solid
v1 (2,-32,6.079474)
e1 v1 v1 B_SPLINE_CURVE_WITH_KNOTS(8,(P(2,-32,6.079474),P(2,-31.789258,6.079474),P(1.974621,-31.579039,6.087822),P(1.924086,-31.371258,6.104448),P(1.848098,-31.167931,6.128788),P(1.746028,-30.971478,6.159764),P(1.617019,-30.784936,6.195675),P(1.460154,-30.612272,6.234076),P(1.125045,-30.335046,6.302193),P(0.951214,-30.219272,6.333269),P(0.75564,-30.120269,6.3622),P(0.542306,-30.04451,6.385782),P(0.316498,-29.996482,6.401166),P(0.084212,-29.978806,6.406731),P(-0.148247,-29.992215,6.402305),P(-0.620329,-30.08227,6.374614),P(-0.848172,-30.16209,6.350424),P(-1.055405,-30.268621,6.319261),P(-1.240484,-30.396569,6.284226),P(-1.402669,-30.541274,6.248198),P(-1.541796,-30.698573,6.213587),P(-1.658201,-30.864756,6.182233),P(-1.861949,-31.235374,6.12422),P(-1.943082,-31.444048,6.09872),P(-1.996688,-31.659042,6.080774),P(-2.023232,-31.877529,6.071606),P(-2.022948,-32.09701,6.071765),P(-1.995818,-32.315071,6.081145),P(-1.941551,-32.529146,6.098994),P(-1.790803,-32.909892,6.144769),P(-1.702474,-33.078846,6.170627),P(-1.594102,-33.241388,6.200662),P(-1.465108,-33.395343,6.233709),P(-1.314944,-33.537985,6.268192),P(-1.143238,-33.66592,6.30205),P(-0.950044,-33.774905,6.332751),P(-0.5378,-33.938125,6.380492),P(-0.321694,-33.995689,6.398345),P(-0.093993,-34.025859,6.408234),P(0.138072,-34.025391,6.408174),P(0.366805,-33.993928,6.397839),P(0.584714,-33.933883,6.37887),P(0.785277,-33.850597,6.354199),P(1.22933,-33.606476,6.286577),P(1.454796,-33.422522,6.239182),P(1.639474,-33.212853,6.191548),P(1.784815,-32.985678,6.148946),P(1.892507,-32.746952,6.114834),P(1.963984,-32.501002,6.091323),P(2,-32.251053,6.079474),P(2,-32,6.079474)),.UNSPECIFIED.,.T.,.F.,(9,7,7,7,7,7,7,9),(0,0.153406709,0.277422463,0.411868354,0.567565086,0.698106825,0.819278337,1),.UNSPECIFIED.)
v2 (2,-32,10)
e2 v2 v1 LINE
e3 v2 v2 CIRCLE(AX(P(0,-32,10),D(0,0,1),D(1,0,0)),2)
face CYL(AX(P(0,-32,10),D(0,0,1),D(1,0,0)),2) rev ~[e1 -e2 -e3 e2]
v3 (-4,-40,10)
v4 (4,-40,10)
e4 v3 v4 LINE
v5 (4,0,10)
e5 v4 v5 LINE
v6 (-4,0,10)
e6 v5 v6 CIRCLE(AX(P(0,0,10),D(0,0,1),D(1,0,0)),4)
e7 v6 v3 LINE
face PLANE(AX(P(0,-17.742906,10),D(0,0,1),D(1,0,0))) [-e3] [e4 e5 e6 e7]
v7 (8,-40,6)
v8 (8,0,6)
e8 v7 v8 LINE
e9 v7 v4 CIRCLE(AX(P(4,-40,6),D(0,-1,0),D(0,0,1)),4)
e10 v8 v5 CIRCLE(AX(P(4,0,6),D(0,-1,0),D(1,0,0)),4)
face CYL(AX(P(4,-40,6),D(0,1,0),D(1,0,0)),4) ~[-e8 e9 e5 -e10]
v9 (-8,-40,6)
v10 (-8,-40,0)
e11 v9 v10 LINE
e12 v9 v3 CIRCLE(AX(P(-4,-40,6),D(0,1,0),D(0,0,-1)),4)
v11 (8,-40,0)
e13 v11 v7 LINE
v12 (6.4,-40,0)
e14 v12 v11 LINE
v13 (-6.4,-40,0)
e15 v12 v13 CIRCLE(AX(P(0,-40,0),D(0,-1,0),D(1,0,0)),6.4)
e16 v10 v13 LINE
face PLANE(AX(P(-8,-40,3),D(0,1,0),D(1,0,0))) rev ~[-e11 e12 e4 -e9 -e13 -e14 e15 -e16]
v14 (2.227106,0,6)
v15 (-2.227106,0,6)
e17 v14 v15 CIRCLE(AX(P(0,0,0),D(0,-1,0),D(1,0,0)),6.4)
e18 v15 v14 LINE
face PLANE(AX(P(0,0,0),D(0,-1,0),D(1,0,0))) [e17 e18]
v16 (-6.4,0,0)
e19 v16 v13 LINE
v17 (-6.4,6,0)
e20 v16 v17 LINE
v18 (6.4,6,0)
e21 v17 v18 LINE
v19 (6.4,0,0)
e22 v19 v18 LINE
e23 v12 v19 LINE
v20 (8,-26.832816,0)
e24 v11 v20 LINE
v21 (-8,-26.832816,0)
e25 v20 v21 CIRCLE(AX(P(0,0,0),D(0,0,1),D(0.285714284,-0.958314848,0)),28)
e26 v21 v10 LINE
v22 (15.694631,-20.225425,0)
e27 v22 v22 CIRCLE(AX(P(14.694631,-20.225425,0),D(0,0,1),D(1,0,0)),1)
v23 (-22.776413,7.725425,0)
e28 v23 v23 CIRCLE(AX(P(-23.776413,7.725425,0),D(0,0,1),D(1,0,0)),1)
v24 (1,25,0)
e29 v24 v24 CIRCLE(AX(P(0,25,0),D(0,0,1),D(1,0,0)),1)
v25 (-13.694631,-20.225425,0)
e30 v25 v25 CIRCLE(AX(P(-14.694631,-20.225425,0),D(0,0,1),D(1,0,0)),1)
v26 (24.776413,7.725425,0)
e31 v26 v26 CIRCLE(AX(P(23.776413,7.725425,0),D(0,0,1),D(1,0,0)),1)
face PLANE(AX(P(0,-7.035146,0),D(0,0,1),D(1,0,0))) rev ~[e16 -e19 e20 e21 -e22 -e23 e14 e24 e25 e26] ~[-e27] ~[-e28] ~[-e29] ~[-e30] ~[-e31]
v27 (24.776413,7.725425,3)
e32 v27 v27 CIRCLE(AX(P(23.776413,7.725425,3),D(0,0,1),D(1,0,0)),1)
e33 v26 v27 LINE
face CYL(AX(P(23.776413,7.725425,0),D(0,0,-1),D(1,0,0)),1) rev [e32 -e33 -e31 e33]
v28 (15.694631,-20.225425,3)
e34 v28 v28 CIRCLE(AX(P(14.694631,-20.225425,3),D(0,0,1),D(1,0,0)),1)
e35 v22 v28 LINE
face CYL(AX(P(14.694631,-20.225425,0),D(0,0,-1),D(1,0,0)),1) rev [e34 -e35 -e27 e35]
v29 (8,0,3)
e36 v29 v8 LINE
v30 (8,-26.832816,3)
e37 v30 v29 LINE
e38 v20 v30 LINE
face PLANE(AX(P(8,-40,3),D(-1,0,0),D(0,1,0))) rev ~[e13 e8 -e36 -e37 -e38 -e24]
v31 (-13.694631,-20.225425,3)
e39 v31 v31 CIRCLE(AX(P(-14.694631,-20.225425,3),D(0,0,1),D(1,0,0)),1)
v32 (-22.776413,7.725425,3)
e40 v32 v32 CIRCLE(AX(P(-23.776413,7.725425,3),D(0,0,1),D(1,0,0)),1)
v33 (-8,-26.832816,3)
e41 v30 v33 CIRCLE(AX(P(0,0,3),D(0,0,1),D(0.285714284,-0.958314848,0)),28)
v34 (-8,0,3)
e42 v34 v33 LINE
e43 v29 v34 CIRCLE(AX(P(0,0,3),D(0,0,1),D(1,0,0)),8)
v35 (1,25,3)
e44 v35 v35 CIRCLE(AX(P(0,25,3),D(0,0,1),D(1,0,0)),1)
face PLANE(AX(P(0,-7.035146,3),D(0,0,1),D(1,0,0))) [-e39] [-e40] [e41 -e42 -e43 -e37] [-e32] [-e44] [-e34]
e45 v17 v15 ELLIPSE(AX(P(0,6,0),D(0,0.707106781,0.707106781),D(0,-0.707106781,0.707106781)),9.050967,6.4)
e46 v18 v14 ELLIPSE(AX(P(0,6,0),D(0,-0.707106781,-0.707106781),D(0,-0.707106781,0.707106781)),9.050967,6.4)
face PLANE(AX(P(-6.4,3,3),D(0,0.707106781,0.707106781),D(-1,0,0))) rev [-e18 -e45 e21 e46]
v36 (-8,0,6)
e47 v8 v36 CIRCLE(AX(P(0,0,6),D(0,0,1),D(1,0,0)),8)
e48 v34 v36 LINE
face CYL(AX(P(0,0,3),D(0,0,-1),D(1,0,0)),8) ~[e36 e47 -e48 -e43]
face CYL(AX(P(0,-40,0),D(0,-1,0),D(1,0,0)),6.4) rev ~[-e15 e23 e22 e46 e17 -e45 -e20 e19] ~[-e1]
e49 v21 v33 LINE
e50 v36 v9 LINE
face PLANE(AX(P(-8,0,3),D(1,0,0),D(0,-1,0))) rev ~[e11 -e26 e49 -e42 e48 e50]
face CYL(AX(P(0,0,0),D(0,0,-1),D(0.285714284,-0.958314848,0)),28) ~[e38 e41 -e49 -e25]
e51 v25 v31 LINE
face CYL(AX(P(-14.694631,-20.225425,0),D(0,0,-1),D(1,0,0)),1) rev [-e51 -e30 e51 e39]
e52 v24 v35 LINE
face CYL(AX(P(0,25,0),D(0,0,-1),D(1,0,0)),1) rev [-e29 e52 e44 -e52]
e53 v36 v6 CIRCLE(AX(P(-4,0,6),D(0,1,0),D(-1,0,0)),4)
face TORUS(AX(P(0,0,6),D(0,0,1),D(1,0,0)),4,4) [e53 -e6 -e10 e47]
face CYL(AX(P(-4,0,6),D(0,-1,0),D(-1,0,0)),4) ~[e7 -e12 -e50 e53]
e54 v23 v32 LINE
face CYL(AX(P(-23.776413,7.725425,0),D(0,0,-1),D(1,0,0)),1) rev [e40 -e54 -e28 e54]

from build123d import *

# Parameters (mm, degrees)
SKETCH_R        = 1
PAD_DEPTH       = 3
PAD001_DEPTH    = 7
SKETCH002_R     = 6.4
POCKET_DEPTH    = 40
CHAMFER_SIZE    = 6
SKETCH003_R     = 2
POCKET001_DEPTH = 5
FILLET_R        = 4


with BuildPart() as part:
    # Sketch → Pad (new body)
    with BuildSketch(Plane.XY):
        with BuildLine():
            Line((-8, -40), (8, -40))
            Line((8, -40), (8, -26.832816))
            ThreePointArc((8, -26.832816), (0, 28), (-8, -26.832816))
            Line((-8, -26.832816), (-8, -40))
        make_face()
        with Locations((0, 25)):
            Circle(SKETCH_R, mode=Mode.SUBTRACT)
        with Locations((-23.776413, 7.725425)):
            Circle(SKETCH_R, mode=Mode.SUBTRACT)
        with Locations((-14.694631, -20.225425)):
            Circle(SKETCH_R, mode=Mode.SUBTRACT)
        with Locations((14.694631, -20.225425)):
            Circle(SKETCH_R, mode=Mode.SUBTRACT)
        with Locations((23.776413, 7.725425)):
            Circle(SKETCH_R, mode=Mode.SUBTRACT)
    extrude(amount=PAD_DEPTH)

    # Sketch001 (on Face11 of Pad) → Pad001 (join)
    with BuildSketch(Plane.XY.offset(3)):
        with BuildLine():
            Line((-8, -40), (8, -40))
            Line((8, -40), (8, 0))
            ThreePointArc((8, 0), (0, 8), (-8, 0))
            Line((-8, 0), (-8, -40))
        make_face()
    extrude(amount=PAD001_DEPTH)

    # Sketch002 (on Face1 of Pad001) → Pocket (cut)
    with BuildSketch(Plane.XZ.offset(40)):
        Circle(SKETCH002_R)
    extrude(amount=-POCKET_DEPTH, mode=Mode.SUBTRACT)

    # Chamfer
    chamfer_edges = [part.edges().sort_by_distance(p)[0] for p in [
        (0, 0, 0),
    ]]
    chamfer(chamfer_edges, length=CHAMFER_SIZE)

    # Sketch003 (on Face19 of Chamfer) → Pocket001 (cut)
    with BuildSketch(Plane.XY.offset(10)):
        with Locations((0, -32)):
            Circle(SKETCH003_R)
    extrude(amount=-POCKET001_DEPTH, mode=Mode.SUBTRACT)

    # Fillet
    fillet_edges = [part.edges().sort_by_distance(p)[0] for p in [
        (-8, -20, 10),
        (8, -20, 10),
        (0, 8, 10),
    ]]
    fillet(fillet_edges, radius=FILLET_R)


solid = part.part
